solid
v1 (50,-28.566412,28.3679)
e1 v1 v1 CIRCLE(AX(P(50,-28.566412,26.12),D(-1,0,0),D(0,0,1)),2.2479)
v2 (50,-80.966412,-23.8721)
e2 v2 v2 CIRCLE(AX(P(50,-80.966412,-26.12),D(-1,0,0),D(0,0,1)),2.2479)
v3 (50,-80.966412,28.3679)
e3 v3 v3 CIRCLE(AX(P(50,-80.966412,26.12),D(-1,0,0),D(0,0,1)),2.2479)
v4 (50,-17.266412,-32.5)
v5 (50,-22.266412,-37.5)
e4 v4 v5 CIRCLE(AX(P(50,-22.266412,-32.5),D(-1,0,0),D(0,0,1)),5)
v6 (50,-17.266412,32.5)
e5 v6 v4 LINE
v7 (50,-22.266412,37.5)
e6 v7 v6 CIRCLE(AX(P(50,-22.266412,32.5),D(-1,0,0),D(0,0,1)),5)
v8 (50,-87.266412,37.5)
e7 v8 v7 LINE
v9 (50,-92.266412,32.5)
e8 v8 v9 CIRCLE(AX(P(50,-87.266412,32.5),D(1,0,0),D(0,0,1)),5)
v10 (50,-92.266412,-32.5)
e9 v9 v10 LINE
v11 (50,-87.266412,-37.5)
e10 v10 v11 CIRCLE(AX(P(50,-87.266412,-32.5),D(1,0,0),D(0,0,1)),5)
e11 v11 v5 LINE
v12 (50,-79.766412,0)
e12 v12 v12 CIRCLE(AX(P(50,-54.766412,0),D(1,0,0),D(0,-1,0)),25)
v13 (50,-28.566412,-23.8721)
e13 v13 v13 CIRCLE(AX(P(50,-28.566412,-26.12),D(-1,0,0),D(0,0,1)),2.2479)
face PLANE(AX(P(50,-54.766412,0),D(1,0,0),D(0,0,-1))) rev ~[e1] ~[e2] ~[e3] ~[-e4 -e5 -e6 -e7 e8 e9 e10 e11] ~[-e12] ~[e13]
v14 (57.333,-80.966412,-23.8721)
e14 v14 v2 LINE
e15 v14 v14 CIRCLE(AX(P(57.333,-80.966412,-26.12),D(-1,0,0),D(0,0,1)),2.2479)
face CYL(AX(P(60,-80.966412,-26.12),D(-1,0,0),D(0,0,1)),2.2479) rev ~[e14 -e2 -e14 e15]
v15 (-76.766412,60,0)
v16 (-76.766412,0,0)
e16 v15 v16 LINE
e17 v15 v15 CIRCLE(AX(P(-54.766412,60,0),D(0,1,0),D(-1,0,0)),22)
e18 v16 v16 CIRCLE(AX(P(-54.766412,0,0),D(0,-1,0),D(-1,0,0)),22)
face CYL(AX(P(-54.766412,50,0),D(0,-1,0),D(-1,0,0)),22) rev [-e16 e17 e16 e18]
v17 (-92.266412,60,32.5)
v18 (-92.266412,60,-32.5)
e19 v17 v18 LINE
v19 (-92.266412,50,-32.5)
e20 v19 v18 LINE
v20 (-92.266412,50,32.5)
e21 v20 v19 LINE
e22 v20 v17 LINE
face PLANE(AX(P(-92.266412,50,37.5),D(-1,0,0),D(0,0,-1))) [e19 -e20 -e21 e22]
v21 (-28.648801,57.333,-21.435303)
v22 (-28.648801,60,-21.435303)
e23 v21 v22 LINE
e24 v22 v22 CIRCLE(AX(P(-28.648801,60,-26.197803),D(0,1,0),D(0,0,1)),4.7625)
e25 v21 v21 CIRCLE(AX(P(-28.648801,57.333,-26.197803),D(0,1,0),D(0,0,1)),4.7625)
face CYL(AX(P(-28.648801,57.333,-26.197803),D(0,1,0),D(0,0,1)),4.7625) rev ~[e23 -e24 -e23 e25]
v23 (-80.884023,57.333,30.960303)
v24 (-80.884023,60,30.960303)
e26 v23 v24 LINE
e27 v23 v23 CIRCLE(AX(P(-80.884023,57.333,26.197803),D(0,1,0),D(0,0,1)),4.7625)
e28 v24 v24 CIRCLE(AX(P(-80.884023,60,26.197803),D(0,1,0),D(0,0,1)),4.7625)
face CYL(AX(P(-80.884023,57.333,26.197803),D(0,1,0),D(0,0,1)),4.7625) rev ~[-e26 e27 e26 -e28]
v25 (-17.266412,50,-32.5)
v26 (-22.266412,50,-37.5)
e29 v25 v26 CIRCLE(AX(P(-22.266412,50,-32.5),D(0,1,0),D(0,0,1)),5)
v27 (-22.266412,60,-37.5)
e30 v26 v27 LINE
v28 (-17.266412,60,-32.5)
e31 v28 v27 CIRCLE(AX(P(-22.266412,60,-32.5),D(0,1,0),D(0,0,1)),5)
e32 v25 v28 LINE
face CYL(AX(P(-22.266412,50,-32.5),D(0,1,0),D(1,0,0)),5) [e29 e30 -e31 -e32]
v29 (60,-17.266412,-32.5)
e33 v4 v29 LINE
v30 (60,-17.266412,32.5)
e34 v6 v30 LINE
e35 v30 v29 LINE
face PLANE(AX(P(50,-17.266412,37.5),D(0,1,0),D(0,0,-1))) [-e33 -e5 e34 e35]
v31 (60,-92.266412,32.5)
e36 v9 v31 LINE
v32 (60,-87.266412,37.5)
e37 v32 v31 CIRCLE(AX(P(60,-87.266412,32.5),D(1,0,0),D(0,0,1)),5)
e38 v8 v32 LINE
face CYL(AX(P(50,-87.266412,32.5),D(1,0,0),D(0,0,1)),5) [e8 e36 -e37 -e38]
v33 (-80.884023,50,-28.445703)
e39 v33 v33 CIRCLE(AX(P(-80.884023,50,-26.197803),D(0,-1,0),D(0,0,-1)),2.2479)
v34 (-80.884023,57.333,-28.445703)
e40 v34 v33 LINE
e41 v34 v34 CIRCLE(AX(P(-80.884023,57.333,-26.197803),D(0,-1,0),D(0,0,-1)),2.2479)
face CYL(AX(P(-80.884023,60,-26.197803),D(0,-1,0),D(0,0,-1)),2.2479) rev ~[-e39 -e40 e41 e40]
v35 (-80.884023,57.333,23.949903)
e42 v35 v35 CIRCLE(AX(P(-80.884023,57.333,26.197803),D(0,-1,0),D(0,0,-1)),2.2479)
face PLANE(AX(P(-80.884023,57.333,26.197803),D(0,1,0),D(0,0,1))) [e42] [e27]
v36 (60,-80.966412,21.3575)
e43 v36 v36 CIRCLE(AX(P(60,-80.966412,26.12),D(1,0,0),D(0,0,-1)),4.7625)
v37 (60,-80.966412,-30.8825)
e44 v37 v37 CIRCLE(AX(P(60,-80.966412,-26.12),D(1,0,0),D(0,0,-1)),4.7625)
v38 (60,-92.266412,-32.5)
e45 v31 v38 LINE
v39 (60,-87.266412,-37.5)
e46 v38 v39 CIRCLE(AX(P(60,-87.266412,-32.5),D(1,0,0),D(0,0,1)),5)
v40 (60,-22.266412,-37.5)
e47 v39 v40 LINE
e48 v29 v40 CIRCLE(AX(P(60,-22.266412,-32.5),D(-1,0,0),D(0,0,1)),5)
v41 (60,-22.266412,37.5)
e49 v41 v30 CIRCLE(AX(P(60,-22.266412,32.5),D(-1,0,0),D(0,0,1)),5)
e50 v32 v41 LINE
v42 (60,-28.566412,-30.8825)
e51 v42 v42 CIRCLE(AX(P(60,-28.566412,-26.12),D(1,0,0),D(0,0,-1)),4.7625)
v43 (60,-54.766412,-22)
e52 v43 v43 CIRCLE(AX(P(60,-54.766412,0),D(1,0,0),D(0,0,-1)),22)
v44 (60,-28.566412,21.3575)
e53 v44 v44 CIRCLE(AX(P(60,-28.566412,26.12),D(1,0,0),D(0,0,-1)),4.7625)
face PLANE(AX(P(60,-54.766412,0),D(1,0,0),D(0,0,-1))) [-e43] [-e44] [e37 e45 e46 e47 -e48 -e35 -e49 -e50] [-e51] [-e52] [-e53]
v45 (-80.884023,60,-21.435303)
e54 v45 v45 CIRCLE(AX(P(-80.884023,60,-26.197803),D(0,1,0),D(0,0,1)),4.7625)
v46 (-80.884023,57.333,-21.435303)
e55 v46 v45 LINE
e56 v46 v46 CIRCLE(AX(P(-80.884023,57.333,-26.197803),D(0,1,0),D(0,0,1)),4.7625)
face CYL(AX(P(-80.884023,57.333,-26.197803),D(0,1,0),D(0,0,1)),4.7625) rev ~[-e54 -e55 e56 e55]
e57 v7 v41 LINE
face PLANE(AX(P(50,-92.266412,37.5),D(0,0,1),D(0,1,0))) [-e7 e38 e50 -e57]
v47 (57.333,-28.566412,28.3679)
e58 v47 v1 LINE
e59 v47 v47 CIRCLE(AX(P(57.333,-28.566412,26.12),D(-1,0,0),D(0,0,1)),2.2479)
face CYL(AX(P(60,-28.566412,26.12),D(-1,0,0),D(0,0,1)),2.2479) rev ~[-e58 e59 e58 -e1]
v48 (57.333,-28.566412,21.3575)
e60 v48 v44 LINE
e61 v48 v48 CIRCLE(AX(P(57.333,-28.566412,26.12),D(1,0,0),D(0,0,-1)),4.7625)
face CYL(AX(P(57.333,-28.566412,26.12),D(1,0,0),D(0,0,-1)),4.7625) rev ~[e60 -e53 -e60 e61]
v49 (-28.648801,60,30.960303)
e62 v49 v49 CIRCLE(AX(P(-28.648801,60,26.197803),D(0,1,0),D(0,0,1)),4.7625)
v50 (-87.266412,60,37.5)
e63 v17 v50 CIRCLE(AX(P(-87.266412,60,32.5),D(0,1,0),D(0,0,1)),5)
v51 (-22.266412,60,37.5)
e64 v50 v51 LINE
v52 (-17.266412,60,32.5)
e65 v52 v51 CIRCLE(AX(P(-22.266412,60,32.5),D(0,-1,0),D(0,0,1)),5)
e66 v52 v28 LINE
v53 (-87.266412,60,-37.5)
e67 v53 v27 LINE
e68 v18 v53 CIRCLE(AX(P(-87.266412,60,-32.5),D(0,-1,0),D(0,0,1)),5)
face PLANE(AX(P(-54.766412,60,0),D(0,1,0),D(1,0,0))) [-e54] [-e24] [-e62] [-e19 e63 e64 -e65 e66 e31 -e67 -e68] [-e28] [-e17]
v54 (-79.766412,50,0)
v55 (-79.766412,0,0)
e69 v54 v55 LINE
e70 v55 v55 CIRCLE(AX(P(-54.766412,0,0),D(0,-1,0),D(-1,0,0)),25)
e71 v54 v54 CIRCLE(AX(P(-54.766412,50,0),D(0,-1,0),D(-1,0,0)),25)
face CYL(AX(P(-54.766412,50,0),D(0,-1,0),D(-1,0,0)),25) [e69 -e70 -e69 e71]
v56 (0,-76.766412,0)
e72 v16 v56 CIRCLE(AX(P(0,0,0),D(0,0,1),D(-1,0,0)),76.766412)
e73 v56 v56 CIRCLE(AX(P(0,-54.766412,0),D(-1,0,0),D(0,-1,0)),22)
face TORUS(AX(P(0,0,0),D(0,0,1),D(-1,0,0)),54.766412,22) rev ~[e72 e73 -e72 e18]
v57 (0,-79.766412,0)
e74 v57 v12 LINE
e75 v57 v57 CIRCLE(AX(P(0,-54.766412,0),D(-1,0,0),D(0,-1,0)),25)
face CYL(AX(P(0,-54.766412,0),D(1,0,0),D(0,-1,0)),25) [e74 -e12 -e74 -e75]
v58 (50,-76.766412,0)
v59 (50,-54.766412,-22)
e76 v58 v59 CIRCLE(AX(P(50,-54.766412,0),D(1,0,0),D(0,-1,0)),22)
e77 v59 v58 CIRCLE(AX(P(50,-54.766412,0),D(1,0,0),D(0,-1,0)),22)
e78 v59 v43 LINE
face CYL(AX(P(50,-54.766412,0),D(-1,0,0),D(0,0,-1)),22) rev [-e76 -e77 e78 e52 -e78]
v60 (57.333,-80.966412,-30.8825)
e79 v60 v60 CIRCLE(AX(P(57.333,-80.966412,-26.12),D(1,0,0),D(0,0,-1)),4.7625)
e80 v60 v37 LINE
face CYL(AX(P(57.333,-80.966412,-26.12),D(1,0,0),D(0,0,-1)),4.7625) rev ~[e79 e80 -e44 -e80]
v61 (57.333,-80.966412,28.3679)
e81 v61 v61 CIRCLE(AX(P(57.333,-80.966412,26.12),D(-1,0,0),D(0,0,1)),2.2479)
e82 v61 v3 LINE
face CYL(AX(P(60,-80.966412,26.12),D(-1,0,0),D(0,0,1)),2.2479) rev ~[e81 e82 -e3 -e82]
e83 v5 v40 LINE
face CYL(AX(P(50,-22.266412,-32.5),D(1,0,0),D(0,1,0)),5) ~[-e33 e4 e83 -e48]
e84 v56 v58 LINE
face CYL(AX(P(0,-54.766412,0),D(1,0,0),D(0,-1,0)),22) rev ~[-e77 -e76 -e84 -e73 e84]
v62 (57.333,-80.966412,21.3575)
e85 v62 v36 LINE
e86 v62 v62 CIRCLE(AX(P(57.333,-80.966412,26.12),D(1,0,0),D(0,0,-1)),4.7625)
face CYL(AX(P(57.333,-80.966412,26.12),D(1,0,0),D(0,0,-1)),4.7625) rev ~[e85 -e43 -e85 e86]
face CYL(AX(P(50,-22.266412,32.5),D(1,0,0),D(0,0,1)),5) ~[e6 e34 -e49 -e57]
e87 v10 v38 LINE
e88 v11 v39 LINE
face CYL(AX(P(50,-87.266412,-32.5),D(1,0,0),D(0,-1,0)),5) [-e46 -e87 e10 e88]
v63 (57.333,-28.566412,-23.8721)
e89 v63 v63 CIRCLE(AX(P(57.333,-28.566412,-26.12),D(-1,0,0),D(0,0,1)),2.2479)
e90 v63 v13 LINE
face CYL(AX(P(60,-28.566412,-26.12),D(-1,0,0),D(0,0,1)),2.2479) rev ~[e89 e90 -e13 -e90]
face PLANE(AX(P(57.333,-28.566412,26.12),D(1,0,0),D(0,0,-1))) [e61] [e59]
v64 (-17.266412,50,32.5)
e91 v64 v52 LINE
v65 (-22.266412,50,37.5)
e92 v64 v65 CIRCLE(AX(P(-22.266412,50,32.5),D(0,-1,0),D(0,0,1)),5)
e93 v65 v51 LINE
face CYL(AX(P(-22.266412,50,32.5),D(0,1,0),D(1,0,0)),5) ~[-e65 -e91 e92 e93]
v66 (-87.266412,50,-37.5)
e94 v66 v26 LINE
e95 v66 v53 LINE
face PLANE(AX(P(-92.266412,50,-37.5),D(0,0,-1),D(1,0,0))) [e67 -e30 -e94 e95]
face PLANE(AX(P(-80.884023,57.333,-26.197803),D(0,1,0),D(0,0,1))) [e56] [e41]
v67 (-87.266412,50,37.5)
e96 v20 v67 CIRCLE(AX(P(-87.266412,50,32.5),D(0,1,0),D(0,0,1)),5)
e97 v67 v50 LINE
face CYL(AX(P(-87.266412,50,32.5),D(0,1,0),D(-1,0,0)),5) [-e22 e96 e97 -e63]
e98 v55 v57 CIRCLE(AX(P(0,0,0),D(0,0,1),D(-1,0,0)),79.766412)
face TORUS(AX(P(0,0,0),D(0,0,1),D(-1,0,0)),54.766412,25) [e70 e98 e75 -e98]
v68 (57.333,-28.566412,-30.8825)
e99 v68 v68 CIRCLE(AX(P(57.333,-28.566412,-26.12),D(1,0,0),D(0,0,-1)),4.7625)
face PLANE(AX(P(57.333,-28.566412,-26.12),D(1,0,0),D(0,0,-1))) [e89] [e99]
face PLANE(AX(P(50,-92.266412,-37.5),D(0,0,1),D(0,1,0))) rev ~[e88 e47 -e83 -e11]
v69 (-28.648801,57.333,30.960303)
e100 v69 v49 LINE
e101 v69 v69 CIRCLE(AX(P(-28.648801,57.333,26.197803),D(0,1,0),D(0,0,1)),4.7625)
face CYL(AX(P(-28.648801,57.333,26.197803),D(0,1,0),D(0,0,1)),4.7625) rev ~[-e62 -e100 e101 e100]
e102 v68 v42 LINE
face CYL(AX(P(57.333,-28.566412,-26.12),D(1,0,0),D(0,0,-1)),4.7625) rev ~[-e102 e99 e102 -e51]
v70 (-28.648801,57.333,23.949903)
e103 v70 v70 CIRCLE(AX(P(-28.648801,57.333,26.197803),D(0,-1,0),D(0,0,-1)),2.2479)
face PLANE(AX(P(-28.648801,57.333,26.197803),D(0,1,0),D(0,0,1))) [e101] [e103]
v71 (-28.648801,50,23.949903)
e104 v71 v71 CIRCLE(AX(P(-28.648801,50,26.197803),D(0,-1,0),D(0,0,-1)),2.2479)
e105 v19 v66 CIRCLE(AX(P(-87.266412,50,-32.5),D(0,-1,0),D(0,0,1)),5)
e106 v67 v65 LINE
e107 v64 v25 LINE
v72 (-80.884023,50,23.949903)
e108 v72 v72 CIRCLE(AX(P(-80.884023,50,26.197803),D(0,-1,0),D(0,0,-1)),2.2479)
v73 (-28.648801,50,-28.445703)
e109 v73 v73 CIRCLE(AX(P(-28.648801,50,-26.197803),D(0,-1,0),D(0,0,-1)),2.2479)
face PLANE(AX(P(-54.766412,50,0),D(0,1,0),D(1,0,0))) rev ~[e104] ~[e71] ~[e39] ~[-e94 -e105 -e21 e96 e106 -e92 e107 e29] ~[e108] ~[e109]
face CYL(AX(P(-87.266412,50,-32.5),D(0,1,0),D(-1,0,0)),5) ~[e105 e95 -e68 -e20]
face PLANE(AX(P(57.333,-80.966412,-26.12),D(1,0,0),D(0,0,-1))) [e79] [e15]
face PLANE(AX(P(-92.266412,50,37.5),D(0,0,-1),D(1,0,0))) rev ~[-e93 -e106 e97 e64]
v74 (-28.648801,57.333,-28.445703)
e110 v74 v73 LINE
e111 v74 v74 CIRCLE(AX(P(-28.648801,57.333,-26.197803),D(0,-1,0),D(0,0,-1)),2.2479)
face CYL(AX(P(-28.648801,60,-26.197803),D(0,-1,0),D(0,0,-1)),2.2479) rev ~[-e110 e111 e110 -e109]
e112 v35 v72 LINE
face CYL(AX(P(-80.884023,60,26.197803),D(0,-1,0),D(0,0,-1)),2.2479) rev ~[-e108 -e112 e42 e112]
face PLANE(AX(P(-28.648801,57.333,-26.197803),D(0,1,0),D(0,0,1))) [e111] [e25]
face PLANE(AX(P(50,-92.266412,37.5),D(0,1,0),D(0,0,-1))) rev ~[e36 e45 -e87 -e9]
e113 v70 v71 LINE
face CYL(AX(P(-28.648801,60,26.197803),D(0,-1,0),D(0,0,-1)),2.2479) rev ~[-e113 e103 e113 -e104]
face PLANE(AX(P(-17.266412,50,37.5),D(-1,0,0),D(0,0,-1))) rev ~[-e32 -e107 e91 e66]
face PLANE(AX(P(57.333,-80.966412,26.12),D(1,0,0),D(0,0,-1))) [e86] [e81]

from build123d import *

# Parameters (mm, degrees)
SKETCH2_R                                           = 25
SHELL2_T                                            = -3
SKETCH3_W                                           = 75
SKETCH3_H                                           = 75
SKETCH3_R                                           = 22
BOSS_EXTRUDE1_DEPTH                                 = 10
FILLET1_R                                           = 5
CBORE_FOR_8_BINDING_HEAD_MACHINE_SCREW1_D           = 4.4958
CBORE_FOR_8_BINDING_HEAD_MACHINE_SCREW1_DEPTH       = 20
CBORE_FOR_8_BINDING_HEAD_MACHINE_SCREW1_CBORE_D     = 9.525
CBORE_FOR_8_BINDING_HEAD_MACHINE_SCREW1_CBORE_DEPTH = 2.667
CBORE_FOR_8_BINDING_HEAD_MACHINE_SCREW1_TIP         = 1.350674586
SKETCH6_W                                           = 75
SKETCH6_H                                           = 75
SKETCH6_R                                           = 22
BOSS_EXTRUDE2_DEPTH                                 = 10
FILLET2_R                                           = 5
CBORE_FOR_8_BINDING_HEAD_MACHINE_SCREW2_D           = 4.4958
CBORE_FOR_8_BINDING_HEAD_MACHINE_SCREW2_DEPTH       = 20
CBORE_FOR_8_BINDING_HEAD_MACHINE_SCREW2_CBORE_D     = 9.525
CBORE_FOR_8_BINDING_HEAD_MACHINE_SCREW2_CBORE_DEPTH = 2.667
CBORE_FOR_8_BINDING_HEAD_MACHINE_SCREW2_TIP         = 1.350674586


with BuildPart() as part:
    # Sweep1: sweep along a path in Sketch1
    with BuildLine(Plane.XY) as sweep1_path:
        Line((-55, 50), (-55, 0))
        ThreePointArc((-55, 0), (-38.890872965, -38.890872965), (0, -55))
        Line((0, -55), (50, -55))
    # Sketch2 → Sweep1 (sweep)
    with BuildSketch(Plane(origin=(-55, 50, 0), x_dir=(-1, 0, 0), z_dir=(0, -1, 0))):
        with Locations((-0.233587872, 0)):
            Circle(SKETCH2_R)
    sweep(path=sweep1_path.line)

    # Shell2
    shell2_openings = [part.faces().sort_by_distance(p)[0] for p in [
        (50, -54.766412128, 0),
        (-54.766412128, 50, 0),
    ]]
    offset(amount=SHELL2_T, openings=shell2_openings, kind=Kind.INTERSECTION)

    # Sketch3 → Boss-Extrude1 (add)
    with BuildSketch(Plane(origin=(0, 50, 0), x_dir=(1, 0, 0), z_dir=(0, 1, 0))):
        with Locations((-54.766412128, 0)):
            Rectangle(SKETCH3_W, SKETCH3_H)
        with Locations(Location((-54.766412128, 0, 0), (0, 0, 180))):
            Circle(SKETCH3_R, mode=Mode.SUBTRACT)
    extrude(amount=BOSS_EXTRUDE1_DEPTH)

    # Fillet1
    fillet1_edges = [part.edges().sort_by_distance(p)[0] for p in [
        (-17.266412128, 55, 37.5),
        (-17.266412128, 55, -37.5),
        (-92.266412128, 55, -37.5),
        (-92.266412128, 55, 37.5),
    ]]
    fillet(fillet1_edges, radius=FILLET1_R)

    # CBORE for #8 Binding Head Machine Screw1
    with Locations(Plane(origin=(-80.88402288, 60, -26.197803089), x_dir=(0, 0, 1), z_dir=(0, 1, 0))):
        with Locations((0, 0), (0, 52.235221503), (52.395606178, 0), (52.395606178, 52.235221503)):
            CounterBoreHole(CBORE_FOR_8_BINDING_HEAD_MACHINE_SCREW1_D / 2, CBORE_FOR_8_BINDING_HEAD_MACHINE_SCREW1_CBORE_D / 2, CBORE_FOR_8_BINDING_HEAD_MACHINE_SCREW1_CBORE_DEPTH, depth=CBORE_FOR_8_BINDING_HEAD_MACHINE_SCREW1_DEPTH)
            with Locations((0, 0, -(CBORE_FOR_8_BINDING_HEAD_MACHINE_SCREW1_DEPTH + CBORE_FOR_8_BINDING_HEAD_MACHINE_SCREW1_TIP / 2))):  # 118° drill point
                Cone(0, CBORE_FOR_8_BINDING_HEAD_MACHINE_SCREW1_D / 2, CBORE_FOR_8_BINDING_HEAD_MACHINE_SCREW1_TIP, mode=Mode.SUBTRACT)

    # Sketch6 → Boss-Extrude2 (add)
    with BuildSketch(Plane(origin=(50, 0, 0), x_dir=(0, 0, -1), z_dir=(1, 0, 0))):
        with Locations((0, -54.766412128)):
            Rectangle(SKETCH6_W, SKETCH6_H)
        with Locations((0, -54.766412128)):
            Circle(SKETCH6_R, mode=Mode.SUBTRACT)
    extrude(amount=BOSS_EXTRUDE2_DEPTH)

    # Fillet2
    fillet2_edges = [part.edges().sort_by_distance(p)[0] for p in [
        (55, -92.266412128, -37.5),
        (55, -17.266412128, -37.5),
        (55, -17.266412128, 37.5),
        (55, -92.266412128, 37.5),
    ]]
    fillet(fillet2_edges, radius=FILLET2_R)

    # CBORE for #8 Binding Head Machine Screw2
    with Locations(Plane(origin=(60, 0, 0), x_dir=(0, 0, -1), z_dir=(1, 0, 0))):
        with Locations((-26.12, -80.966412128), (-26.12, -28.566412128), (26.12, -28.566412128), (26.12, -80.966412128)):
            CounterBoreHole(CBORE_FOR_8_BINDING_HEAD_MACHINE_SCREW2_D / 2, CBORE_FOR_8_BINDING_HEAD_MACHINE_SCREW2_CBORE_D / 2, CBORE_FOR_8_BINDING_HEAD_MACHINE_SCREW2_CBORE_DEPTH, depth=CBORE_FOR_8_BINDING_HEAD_MACHINE_SCREW2_DEPTH)
            with Locations((0, 0, -(CBORE_FOR_8_BINDING_HEAD_MACHINE_SCREW2_DEPTH + CBORE_FOR_8_BINDING_HEAD_MACHINE_SCREW2_TIP / 2))):  # 118° drill point
                Cone(0, CBORE_FOR_8_BINDING_HEAD_MACHINE_SCREW2_D / 2, CBORE_FOR_8_BINDING_HEAD_MACHINE_SCREW2_TIP, mode=Mode.SUBTRACT)


solid = part.part
